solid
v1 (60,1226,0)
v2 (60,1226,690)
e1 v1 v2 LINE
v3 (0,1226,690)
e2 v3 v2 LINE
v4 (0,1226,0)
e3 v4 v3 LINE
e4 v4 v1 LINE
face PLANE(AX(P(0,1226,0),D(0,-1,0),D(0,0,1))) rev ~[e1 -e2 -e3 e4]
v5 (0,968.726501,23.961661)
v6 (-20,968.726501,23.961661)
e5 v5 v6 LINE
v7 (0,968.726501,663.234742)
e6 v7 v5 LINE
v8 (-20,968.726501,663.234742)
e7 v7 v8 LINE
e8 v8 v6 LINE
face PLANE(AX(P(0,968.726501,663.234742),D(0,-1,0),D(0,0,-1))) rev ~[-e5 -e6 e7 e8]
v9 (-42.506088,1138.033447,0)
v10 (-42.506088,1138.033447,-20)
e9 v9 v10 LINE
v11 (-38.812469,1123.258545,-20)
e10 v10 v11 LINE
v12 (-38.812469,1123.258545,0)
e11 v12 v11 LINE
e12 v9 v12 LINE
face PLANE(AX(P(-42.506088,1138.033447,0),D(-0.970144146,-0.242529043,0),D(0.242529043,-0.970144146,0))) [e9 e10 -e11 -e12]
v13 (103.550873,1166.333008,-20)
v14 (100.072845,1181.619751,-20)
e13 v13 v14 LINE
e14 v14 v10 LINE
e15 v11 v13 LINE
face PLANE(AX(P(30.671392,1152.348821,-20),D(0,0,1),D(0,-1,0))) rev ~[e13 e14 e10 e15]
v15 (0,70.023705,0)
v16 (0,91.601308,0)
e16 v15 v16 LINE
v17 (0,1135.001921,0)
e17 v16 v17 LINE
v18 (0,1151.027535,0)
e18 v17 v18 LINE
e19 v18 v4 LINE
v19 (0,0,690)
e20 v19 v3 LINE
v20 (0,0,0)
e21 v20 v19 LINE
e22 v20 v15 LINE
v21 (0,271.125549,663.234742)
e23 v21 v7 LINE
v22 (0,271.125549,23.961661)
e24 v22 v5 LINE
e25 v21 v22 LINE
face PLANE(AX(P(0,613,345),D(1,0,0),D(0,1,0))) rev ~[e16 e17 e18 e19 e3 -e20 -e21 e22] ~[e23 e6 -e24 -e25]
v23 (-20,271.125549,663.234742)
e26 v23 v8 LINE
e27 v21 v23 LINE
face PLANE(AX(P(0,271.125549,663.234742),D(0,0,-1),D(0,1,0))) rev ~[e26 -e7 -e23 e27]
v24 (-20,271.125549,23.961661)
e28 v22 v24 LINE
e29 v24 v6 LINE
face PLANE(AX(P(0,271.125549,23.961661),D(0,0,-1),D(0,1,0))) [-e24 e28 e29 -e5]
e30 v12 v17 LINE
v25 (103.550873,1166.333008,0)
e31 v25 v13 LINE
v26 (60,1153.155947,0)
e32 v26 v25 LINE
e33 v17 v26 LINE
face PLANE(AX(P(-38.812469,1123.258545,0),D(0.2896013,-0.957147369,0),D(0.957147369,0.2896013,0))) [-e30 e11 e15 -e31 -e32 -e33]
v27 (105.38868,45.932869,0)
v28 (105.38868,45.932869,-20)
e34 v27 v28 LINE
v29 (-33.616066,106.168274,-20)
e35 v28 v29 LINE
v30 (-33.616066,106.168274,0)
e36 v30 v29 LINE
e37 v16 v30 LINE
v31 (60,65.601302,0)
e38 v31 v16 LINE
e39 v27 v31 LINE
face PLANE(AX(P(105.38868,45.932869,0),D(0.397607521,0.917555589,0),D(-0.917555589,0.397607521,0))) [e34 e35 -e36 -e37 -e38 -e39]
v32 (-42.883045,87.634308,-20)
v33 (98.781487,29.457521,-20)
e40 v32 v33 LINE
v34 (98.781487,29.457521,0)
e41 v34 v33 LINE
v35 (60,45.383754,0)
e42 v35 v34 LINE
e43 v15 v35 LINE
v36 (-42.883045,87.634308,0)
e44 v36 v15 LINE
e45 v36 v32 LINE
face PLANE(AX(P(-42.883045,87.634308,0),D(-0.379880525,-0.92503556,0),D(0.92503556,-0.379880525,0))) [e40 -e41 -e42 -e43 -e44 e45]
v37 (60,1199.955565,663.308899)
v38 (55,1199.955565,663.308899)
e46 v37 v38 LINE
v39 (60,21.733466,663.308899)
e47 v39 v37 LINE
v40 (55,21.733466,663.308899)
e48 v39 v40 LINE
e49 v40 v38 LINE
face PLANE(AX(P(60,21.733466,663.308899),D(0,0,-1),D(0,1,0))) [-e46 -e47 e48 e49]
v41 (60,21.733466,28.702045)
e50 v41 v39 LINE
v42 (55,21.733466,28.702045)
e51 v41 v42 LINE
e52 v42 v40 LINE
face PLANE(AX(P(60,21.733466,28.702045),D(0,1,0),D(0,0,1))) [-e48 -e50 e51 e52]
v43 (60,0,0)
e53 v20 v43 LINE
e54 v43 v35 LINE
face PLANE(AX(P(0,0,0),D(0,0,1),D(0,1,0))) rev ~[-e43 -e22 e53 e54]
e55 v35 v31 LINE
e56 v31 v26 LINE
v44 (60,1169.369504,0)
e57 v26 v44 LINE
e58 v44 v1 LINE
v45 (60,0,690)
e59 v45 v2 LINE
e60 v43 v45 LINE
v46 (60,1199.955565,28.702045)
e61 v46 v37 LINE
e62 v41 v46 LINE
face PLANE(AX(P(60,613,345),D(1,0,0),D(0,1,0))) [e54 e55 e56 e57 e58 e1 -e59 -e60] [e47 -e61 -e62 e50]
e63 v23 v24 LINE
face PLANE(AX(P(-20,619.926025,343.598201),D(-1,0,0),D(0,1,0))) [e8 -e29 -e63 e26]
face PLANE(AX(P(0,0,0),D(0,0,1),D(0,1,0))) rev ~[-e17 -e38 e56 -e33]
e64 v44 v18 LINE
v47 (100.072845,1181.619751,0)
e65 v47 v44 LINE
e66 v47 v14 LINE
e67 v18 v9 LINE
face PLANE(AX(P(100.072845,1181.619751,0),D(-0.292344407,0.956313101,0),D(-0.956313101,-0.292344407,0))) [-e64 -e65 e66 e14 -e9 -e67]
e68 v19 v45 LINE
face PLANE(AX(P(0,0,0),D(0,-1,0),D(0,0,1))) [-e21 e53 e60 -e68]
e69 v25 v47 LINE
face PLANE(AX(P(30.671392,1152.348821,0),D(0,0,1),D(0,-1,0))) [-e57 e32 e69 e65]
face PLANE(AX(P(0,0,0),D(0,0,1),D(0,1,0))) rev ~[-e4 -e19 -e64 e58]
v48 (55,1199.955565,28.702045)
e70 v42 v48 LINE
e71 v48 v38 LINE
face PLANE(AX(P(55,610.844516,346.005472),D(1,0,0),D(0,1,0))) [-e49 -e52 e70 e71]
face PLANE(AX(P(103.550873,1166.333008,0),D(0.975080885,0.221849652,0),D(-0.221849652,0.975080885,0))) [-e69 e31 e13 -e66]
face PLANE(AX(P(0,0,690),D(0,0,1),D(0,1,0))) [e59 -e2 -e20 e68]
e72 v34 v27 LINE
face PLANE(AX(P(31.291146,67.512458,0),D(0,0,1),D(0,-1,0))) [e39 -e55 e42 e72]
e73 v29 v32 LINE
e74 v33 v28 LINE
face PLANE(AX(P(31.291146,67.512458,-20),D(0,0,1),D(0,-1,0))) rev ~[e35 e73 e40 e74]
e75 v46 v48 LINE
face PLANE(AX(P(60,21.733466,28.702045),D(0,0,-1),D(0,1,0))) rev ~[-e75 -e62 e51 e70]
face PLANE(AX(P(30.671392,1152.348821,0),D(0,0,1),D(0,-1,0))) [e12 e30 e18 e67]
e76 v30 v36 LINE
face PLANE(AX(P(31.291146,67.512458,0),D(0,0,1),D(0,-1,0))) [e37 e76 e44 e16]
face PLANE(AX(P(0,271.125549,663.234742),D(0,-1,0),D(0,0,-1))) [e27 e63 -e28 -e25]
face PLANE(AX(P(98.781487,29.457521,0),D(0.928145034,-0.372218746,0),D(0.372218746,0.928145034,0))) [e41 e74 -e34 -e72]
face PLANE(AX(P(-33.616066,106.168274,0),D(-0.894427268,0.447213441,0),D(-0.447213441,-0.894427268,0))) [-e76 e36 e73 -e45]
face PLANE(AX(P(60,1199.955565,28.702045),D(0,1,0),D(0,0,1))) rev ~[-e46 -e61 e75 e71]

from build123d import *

# Parameters (mm, degrees)
SKETCH_W     = 1226
SKETCH_H     = 690
PAD_DEPTH    = 60
SKETCH001_W  = 1178.222099
SKETCH001_H  = 634.606854
POCKET_DEPTH = 5
SKETCH002_W  = 697.600952
SKETCH002_H  = 639.273081
PAD001_DEPTH = 20
PAD002_DEPTH = 20


with BuildPart() as part:
    # Sketch → Pad (new body)
    with BuildSketch(Plane.YZ):
        with Locations((613, 345)):
            Rectangle(SKETCH_W, SKETCH_H)
    extrude(amount=PAD_DEPTH)

    # Sketch001 (on Face6 of Pad) → Pocket (cut)
    with BuildSketch(Plane.YZ.offset(60)):
        with Locations((610.844516, 346.005472)):
            Rectangle(SKETCH001_W, SKETCH001_H)
    extrude(amount=-POCKET_DEPTH, mode=Mode.SUBTRACT)

    # Sketch002 (on Face4 of Pocket) → Pad001 (join)
    with BuildSketch(Plane(origin=(0, 0, 0), x_dir=(0, 1, 0), z_dir=(-1, 0, 0))):
        with Locations((619.926025, -343.598201)):
            Rectangle(SKETCH002_W, SKETCH002_H)
    extrude(amount=PAD001_DEPTH)

    # Sketch003 (on Face1 of Pad001) → Pad002 (join)
    with BuildSketch(Plane.YX):
        Polygon((87.634308, -42.883045), (29.457521, 98.781487), (45.932869, 105.38868), (106.168274, -33.616066), align=None)
        Polygon((1123.258545, -38.812469), (1166.333008, 103.550873), (1181.619751, 100.072845), (1138.033447, -42.506088), align=None)
    extrude(amount=PAD002_DEPTH)


solid = part.part
